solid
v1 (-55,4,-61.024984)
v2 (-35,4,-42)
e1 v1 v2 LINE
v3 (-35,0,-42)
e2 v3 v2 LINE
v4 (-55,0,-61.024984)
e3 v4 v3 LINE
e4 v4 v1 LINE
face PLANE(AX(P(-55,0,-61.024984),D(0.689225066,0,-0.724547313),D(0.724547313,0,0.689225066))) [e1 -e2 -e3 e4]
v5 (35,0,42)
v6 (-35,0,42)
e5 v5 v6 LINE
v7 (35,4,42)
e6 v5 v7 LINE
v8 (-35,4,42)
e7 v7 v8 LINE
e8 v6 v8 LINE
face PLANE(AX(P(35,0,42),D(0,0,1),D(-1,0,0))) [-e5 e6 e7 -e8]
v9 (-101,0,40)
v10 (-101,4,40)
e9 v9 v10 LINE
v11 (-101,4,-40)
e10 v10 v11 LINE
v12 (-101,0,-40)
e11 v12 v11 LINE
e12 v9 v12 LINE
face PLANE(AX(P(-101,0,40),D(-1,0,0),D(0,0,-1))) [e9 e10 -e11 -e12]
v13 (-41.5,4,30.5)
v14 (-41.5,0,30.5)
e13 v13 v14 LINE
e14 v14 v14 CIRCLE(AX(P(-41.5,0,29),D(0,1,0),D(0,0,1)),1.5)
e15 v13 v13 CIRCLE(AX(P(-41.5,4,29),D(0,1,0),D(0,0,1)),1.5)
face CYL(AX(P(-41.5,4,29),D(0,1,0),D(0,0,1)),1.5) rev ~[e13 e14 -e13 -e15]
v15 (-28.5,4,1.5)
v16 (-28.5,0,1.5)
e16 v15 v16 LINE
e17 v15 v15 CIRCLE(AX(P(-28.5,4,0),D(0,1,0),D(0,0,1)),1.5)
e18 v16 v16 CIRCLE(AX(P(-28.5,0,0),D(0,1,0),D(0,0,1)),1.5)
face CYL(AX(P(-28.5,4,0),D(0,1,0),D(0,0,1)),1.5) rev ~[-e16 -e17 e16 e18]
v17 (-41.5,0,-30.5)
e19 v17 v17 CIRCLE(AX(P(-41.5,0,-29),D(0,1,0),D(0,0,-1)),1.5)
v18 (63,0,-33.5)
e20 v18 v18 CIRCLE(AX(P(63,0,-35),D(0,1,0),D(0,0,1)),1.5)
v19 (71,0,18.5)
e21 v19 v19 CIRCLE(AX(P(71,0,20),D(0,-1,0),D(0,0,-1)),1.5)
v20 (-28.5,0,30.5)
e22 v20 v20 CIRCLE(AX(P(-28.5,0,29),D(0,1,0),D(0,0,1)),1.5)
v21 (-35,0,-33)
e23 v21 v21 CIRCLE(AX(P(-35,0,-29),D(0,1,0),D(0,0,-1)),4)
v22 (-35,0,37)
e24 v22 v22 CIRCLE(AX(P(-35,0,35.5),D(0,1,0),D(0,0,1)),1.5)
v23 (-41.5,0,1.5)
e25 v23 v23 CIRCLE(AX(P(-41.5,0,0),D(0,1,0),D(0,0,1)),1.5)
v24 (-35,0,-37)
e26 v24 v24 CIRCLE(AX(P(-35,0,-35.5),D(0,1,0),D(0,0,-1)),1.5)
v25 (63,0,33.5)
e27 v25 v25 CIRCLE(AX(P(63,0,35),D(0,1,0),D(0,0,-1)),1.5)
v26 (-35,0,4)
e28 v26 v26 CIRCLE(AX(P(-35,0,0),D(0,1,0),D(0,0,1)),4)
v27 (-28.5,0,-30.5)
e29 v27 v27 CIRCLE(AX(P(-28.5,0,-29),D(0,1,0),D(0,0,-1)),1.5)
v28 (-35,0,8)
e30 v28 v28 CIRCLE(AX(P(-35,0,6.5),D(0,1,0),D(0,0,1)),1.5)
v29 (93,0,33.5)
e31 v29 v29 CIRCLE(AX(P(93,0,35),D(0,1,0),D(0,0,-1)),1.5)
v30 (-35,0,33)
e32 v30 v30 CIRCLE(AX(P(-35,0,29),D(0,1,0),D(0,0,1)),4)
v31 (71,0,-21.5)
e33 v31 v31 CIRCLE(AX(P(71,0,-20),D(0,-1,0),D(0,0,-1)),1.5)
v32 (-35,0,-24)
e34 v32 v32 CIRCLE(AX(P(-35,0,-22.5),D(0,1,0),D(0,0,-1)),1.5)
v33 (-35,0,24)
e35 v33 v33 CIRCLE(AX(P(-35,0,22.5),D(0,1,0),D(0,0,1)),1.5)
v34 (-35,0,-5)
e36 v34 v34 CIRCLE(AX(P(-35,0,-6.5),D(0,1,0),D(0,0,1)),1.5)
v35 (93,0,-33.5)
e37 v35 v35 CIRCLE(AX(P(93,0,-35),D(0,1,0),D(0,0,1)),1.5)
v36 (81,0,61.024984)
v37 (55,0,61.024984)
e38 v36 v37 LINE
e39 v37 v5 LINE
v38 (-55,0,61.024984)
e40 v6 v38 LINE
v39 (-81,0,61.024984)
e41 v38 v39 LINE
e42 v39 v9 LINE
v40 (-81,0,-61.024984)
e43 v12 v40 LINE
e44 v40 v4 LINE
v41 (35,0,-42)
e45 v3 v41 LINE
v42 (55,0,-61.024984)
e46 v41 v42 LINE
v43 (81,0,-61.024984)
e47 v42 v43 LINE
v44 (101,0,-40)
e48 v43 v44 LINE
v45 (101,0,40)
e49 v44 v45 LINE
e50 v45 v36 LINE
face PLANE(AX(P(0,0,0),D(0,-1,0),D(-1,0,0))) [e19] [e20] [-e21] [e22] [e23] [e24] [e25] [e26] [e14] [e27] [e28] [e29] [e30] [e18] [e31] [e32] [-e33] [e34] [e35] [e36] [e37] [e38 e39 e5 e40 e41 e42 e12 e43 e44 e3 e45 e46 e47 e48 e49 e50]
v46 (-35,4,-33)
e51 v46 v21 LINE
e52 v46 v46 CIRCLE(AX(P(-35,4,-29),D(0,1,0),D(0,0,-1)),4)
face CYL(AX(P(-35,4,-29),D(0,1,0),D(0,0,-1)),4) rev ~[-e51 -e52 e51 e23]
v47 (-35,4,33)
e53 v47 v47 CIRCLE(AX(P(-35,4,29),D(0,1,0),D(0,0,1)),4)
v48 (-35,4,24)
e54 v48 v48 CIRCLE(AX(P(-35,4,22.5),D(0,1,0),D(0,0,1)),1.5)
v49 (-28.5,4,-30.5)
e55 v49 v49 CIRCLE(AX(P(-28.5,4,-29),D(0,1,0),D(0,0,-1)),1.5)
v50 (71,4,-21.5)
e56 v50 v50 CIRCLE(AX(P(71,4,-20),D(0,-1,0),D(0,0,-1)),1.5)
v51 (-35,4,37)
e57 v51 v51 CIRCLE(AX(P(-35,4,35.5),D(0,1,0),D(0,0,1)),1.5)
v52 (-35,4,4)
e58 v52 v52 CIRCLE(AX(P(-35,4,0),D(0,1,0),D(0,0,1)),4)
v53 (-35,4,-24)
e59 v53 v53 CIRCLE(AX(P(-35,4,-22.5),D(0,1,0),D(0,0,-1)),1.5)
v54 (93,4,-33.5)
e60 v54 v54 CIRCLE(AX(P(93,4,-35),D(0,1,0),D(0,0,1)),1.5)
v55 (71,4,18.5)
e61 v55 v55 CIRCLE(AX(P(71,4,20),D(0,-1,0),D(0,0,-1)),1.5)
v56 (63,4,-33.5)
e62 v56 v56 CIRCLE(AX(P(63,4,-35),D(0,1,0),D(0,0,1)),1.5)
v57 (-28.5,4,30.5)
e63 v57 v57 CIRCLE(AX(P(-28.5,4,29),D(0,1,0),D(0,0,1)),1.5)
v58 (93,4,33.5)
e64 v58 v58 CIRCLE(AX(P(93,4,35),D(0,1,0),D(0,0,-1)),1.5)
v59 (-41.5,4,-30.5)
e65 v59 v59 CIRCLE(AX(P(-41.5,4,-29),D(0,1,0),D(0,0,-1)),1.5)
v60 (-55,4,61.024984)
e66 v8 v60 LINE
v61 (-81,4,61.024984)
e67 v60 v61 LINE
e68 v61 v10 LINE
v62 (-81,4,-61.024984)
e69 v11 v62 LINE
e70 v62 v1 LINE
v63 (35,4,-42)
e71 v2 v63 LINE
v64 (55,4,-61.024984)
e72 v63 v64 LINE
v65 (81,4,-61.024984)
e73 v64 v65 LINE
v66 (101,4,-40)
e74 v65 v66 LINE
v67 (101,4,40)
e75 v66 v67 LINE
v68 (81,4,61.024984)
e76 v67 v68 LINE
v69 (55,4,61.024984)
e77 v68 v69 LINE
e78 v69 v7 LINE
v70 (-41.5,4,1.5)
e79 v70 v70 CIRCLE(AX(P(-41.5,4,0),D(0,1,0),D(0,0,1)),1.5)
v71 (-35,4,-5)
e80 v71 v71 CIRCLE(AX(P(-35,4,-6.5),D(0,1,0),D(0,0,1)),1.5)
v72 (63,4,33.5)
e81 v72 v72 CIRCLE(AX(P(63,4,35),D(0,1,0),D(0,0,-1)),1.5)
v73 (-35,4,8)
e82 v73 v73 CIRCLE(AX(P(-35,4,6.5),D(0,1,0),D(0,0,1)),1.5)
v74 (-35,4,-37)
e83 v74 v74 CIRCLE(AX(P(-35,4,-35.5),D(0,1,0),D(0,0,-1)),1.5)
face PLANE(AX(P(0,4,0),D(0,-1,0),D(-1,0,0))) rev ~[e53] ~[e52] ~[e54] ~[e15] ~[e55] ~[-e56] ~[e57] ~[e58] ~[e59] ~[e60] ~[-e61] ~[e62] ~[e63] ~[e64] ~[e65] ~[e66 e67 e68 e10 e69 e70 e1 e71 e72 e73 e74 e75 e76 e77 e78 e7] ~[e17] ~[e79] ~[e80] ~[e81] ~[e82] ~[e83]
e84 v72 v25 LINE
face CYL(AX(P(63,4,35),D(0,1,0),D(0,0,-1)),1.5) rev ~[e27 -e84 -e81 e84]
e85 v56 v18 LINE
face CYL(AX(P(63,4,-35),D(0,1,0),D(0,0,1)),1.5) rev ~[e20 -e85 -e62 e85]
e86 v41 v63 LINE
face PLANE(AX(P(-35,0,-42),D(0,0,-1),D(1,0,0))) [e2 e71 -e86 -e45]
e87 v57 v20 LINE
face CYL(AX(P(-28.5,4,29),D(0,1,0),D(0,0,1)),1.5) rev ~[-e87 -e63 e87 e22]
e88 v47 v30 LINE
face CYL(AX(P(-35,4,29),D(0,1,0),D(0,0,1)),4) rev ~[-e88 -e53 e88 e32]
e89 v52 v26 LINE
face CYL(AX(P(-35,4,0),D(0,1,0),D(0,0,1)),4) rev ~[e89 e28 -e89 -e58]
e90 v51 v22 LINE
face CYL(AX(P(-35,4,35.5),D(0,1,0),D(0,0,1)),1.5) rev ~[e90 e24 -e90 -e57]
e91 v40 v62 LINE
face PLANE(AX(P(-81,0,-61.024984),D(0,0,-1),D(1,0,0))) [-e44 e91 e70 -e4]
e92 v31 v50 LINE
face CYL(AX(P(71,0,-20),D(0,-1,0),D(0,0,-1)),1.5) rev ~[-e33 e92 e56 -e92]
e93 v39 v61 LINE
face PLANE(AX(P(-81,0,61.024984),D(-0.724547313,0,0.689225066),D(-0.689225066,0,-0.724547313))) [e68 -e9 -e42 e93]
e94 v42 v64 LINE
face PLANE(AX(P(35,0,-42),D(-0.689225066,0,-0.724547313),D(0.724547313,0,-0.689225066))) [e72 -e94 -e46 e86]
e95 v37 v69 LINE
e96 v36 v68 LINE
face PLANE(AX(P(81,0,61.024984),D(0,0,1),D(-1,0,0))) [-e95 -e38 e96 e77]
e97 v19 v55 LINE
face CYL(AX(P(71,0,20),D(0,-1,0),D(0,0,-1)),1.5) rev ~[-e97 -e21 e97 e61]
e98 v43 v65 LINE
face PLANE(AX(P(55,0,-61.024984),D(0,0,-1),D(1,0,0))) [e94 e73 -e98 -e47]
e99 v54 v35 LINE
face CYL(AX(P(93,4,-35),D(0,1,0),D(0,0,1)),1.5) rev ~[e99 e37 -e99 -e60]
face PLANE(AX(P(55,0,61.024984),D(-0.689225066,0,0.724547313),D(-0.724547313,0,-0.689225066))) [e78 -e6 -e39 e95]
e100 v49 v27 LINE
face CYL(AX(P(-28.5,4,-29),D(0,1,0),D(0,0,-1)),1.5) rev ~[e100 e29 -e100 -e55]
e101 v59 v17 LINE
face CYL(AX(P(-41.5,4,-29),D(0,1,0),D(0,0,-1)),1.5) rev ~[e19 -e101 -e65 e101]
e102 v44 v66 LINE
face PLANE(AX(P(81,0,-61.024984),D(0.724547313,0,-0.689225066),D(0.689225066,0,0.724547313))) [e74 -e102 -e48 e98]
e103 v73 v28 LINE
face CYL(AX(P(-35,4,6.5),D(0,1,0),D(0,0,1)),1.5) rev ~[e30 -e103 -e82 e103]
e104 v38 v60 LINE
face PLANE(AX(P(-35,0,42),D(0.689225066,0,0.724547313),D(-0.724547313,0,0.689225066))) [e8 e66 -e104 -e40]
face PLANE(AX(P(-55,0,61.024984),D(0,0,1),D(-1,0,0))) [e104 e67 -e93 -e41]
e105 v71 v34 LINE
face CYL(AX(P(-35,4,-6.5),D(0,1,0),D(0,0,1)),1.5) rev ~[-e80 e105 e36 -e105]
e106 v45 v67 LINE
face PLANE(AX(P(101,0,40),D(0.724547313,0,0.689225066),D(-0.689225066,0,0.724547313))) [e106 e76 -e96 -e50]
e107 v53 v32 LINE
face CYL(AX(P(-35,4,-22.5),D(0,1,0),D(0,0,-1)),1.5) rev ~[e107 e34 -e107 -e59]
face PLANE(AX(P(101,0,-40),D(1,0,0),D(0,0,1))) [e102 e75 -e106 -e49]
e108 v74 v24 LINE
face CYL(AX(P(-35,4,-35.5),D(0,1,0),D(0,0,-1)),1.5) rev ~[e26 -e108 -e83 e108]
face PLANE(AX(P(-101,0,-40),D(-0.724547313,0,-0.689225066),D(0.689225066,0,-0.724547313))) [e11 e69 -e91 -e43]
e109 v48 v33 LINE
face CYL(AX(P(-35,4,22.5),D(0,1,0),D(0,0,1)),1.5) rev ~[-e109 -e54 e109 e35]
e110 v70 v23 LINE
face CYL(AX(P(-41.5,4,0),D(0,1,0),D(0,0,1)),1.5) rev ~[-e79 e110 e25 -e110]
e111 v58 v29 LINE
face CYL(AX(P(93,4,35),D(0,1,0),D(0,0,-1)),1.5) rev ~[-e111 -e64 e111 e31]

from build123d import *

# Parameters (mm, degrees)
BOSS_EXTRUDE1_DEPTH = 4
SKETCH3_R           = 4
SKETCH3_R_2         = 1.5
CUT_EXTRUDE1_DEPTH  = 119.072218241
SKETCH5_R           = 1.5
CUT_EXTRUDE2_DEPTH  = 119.072218241
SKETCH6_R           = 1.5
CUT_EXTRUDE3_DEPTH  = 119.072218241


with BuildPart() as part:
    # Sketch1 → Boss-Extrude1 (new body)
    with BuildSketch(Plane(origin=(0, 0, 0), x_dir=(1, 0, 0), z_dir=(0, 1, 0))):
        Polygon((-55, 61.024984395), (-35, 42), (35, 42), (55, 61.024984395), (81, 61.024984395), (101, 40), (101, -40), (81, -61.024984395), (55, -61.024984395), (35, -42), (-35, -42), (-55, -61.024984395), (-81, -61.024984395), (-101, -40), (-101, 40), (-81, 61.024984395), align=None)
    extrude(amount=BOSS_EXTRUDE1_DEPTH)

    # Sketch3 → Cut-Extrude1 (cut, through all)
    with BuildSketch(Plane(origin=(0, 4, 0), x_dir=(1, 0, 0), z_dir=(0, 1, 0))):
        with Locations(Location((-35, -29, 0), (0, 0, 270))):
            Circle(SKETCH3_R)
        with Locations(Location((-28.5, -29, 0), (0, 0, 270))):
            Circle(SKETCH3_R_2)
        with Locations(Location((-41.5, -29, 0), (0, 0, 270))):
            Circle(SKETCH3_R_2)
        with Locations(Location((-35, -22.5, 0), (0, 0, 270))):
            Circle(SKETCH3_R_2)
        with Locations(Location((-35, -35.5, 0), (0, 0, 270))):
            Circle(SKETCH3_R_2)
        with Locations(Location((-35, 35.5, 0), (0, 0, 90))):
            Circle(SKETCH3_R_2)
        with Locations(Location((-35, 22.5, 0), (0, 0, 90))):
            Circle(SKETCH3_R_2)
        with Locations(Location((-41.5, 29, 0), (0, 0, 90))):
            Circle(SKETCH3_R_2)
        with Locations(Location((-28.5, 29, 0), (0, 0, 90))):
            Circle(SKETCH3_R_2)
        with Locations(Location((-35, 29, 0), (0, 0, 90))):
            Circle(SKETCH3_R)
        with Locations(Location((-35, 0, 0), (0, 0, 270))):
            Circle(SKETCH3_R)
        with Locations(Location((-35, 6.5, 0), (0, 0, 270))):
            Circle(SKETCH3_R_2)
        with Locations(Location((-28.5, 0, 0), (0, 0, 270))):
            Circle(SKETCH3_R_2)
        with Locations(Location((-41.5, 0, 0), (0, 0, 270))):
            Circle(SKETCH3_R_2)
        with Locations(Location((-35, -6.5, 0), (0, 0, 270))):
            Circle(SKETCH3_R_2)
    extrude(amount=-CUT_EXTRUDE1_DEPTH, mode=Mode.SUBTRACT)

    # Sketch5 → Cut-Extrude2 (cut, through all)
    with BuildSketch(Plane(origin=(0, 4, 0), x_dir=(1, 0, 0), z_dir=(0, 1, 0))):
        with Locations(Location((93, 35, 0), (0, 0, 270))):
            Circle(SKETCH5_R)
        with Locations(Location((63, 35, 0), (0, 0, 270))):
            Circle(SKETCH5_R)
        with Locations(Location((63, -35, 0), (0, 0, 90))):
            Circle(SKETCH5_R)
        with Locations(Location((93, -35, 0), (0, 0, 90))):
            Circle(SKETCH5_R)
    extrude(amount=-CUT_EXTRUDE2_DEPTH, mode=Mode.SUBTRACT)

    # Sketch6 → Cut-Extrude3 (cut, through all)
    with BuildSketch(Plane.XZ):
        with Locations(Location((71, 20, 0), (0, 0, 270))):
            Circle(SKETCH6_R)
        with Locations(Location((71, -20, 0), (0, 0, 270))):
            Circle(SKETCH6_R)
    extrude(amount=-CUT_EXTRUDE3_DEPTH, mode=Mode.SUBTRACT)


solid = part.part
